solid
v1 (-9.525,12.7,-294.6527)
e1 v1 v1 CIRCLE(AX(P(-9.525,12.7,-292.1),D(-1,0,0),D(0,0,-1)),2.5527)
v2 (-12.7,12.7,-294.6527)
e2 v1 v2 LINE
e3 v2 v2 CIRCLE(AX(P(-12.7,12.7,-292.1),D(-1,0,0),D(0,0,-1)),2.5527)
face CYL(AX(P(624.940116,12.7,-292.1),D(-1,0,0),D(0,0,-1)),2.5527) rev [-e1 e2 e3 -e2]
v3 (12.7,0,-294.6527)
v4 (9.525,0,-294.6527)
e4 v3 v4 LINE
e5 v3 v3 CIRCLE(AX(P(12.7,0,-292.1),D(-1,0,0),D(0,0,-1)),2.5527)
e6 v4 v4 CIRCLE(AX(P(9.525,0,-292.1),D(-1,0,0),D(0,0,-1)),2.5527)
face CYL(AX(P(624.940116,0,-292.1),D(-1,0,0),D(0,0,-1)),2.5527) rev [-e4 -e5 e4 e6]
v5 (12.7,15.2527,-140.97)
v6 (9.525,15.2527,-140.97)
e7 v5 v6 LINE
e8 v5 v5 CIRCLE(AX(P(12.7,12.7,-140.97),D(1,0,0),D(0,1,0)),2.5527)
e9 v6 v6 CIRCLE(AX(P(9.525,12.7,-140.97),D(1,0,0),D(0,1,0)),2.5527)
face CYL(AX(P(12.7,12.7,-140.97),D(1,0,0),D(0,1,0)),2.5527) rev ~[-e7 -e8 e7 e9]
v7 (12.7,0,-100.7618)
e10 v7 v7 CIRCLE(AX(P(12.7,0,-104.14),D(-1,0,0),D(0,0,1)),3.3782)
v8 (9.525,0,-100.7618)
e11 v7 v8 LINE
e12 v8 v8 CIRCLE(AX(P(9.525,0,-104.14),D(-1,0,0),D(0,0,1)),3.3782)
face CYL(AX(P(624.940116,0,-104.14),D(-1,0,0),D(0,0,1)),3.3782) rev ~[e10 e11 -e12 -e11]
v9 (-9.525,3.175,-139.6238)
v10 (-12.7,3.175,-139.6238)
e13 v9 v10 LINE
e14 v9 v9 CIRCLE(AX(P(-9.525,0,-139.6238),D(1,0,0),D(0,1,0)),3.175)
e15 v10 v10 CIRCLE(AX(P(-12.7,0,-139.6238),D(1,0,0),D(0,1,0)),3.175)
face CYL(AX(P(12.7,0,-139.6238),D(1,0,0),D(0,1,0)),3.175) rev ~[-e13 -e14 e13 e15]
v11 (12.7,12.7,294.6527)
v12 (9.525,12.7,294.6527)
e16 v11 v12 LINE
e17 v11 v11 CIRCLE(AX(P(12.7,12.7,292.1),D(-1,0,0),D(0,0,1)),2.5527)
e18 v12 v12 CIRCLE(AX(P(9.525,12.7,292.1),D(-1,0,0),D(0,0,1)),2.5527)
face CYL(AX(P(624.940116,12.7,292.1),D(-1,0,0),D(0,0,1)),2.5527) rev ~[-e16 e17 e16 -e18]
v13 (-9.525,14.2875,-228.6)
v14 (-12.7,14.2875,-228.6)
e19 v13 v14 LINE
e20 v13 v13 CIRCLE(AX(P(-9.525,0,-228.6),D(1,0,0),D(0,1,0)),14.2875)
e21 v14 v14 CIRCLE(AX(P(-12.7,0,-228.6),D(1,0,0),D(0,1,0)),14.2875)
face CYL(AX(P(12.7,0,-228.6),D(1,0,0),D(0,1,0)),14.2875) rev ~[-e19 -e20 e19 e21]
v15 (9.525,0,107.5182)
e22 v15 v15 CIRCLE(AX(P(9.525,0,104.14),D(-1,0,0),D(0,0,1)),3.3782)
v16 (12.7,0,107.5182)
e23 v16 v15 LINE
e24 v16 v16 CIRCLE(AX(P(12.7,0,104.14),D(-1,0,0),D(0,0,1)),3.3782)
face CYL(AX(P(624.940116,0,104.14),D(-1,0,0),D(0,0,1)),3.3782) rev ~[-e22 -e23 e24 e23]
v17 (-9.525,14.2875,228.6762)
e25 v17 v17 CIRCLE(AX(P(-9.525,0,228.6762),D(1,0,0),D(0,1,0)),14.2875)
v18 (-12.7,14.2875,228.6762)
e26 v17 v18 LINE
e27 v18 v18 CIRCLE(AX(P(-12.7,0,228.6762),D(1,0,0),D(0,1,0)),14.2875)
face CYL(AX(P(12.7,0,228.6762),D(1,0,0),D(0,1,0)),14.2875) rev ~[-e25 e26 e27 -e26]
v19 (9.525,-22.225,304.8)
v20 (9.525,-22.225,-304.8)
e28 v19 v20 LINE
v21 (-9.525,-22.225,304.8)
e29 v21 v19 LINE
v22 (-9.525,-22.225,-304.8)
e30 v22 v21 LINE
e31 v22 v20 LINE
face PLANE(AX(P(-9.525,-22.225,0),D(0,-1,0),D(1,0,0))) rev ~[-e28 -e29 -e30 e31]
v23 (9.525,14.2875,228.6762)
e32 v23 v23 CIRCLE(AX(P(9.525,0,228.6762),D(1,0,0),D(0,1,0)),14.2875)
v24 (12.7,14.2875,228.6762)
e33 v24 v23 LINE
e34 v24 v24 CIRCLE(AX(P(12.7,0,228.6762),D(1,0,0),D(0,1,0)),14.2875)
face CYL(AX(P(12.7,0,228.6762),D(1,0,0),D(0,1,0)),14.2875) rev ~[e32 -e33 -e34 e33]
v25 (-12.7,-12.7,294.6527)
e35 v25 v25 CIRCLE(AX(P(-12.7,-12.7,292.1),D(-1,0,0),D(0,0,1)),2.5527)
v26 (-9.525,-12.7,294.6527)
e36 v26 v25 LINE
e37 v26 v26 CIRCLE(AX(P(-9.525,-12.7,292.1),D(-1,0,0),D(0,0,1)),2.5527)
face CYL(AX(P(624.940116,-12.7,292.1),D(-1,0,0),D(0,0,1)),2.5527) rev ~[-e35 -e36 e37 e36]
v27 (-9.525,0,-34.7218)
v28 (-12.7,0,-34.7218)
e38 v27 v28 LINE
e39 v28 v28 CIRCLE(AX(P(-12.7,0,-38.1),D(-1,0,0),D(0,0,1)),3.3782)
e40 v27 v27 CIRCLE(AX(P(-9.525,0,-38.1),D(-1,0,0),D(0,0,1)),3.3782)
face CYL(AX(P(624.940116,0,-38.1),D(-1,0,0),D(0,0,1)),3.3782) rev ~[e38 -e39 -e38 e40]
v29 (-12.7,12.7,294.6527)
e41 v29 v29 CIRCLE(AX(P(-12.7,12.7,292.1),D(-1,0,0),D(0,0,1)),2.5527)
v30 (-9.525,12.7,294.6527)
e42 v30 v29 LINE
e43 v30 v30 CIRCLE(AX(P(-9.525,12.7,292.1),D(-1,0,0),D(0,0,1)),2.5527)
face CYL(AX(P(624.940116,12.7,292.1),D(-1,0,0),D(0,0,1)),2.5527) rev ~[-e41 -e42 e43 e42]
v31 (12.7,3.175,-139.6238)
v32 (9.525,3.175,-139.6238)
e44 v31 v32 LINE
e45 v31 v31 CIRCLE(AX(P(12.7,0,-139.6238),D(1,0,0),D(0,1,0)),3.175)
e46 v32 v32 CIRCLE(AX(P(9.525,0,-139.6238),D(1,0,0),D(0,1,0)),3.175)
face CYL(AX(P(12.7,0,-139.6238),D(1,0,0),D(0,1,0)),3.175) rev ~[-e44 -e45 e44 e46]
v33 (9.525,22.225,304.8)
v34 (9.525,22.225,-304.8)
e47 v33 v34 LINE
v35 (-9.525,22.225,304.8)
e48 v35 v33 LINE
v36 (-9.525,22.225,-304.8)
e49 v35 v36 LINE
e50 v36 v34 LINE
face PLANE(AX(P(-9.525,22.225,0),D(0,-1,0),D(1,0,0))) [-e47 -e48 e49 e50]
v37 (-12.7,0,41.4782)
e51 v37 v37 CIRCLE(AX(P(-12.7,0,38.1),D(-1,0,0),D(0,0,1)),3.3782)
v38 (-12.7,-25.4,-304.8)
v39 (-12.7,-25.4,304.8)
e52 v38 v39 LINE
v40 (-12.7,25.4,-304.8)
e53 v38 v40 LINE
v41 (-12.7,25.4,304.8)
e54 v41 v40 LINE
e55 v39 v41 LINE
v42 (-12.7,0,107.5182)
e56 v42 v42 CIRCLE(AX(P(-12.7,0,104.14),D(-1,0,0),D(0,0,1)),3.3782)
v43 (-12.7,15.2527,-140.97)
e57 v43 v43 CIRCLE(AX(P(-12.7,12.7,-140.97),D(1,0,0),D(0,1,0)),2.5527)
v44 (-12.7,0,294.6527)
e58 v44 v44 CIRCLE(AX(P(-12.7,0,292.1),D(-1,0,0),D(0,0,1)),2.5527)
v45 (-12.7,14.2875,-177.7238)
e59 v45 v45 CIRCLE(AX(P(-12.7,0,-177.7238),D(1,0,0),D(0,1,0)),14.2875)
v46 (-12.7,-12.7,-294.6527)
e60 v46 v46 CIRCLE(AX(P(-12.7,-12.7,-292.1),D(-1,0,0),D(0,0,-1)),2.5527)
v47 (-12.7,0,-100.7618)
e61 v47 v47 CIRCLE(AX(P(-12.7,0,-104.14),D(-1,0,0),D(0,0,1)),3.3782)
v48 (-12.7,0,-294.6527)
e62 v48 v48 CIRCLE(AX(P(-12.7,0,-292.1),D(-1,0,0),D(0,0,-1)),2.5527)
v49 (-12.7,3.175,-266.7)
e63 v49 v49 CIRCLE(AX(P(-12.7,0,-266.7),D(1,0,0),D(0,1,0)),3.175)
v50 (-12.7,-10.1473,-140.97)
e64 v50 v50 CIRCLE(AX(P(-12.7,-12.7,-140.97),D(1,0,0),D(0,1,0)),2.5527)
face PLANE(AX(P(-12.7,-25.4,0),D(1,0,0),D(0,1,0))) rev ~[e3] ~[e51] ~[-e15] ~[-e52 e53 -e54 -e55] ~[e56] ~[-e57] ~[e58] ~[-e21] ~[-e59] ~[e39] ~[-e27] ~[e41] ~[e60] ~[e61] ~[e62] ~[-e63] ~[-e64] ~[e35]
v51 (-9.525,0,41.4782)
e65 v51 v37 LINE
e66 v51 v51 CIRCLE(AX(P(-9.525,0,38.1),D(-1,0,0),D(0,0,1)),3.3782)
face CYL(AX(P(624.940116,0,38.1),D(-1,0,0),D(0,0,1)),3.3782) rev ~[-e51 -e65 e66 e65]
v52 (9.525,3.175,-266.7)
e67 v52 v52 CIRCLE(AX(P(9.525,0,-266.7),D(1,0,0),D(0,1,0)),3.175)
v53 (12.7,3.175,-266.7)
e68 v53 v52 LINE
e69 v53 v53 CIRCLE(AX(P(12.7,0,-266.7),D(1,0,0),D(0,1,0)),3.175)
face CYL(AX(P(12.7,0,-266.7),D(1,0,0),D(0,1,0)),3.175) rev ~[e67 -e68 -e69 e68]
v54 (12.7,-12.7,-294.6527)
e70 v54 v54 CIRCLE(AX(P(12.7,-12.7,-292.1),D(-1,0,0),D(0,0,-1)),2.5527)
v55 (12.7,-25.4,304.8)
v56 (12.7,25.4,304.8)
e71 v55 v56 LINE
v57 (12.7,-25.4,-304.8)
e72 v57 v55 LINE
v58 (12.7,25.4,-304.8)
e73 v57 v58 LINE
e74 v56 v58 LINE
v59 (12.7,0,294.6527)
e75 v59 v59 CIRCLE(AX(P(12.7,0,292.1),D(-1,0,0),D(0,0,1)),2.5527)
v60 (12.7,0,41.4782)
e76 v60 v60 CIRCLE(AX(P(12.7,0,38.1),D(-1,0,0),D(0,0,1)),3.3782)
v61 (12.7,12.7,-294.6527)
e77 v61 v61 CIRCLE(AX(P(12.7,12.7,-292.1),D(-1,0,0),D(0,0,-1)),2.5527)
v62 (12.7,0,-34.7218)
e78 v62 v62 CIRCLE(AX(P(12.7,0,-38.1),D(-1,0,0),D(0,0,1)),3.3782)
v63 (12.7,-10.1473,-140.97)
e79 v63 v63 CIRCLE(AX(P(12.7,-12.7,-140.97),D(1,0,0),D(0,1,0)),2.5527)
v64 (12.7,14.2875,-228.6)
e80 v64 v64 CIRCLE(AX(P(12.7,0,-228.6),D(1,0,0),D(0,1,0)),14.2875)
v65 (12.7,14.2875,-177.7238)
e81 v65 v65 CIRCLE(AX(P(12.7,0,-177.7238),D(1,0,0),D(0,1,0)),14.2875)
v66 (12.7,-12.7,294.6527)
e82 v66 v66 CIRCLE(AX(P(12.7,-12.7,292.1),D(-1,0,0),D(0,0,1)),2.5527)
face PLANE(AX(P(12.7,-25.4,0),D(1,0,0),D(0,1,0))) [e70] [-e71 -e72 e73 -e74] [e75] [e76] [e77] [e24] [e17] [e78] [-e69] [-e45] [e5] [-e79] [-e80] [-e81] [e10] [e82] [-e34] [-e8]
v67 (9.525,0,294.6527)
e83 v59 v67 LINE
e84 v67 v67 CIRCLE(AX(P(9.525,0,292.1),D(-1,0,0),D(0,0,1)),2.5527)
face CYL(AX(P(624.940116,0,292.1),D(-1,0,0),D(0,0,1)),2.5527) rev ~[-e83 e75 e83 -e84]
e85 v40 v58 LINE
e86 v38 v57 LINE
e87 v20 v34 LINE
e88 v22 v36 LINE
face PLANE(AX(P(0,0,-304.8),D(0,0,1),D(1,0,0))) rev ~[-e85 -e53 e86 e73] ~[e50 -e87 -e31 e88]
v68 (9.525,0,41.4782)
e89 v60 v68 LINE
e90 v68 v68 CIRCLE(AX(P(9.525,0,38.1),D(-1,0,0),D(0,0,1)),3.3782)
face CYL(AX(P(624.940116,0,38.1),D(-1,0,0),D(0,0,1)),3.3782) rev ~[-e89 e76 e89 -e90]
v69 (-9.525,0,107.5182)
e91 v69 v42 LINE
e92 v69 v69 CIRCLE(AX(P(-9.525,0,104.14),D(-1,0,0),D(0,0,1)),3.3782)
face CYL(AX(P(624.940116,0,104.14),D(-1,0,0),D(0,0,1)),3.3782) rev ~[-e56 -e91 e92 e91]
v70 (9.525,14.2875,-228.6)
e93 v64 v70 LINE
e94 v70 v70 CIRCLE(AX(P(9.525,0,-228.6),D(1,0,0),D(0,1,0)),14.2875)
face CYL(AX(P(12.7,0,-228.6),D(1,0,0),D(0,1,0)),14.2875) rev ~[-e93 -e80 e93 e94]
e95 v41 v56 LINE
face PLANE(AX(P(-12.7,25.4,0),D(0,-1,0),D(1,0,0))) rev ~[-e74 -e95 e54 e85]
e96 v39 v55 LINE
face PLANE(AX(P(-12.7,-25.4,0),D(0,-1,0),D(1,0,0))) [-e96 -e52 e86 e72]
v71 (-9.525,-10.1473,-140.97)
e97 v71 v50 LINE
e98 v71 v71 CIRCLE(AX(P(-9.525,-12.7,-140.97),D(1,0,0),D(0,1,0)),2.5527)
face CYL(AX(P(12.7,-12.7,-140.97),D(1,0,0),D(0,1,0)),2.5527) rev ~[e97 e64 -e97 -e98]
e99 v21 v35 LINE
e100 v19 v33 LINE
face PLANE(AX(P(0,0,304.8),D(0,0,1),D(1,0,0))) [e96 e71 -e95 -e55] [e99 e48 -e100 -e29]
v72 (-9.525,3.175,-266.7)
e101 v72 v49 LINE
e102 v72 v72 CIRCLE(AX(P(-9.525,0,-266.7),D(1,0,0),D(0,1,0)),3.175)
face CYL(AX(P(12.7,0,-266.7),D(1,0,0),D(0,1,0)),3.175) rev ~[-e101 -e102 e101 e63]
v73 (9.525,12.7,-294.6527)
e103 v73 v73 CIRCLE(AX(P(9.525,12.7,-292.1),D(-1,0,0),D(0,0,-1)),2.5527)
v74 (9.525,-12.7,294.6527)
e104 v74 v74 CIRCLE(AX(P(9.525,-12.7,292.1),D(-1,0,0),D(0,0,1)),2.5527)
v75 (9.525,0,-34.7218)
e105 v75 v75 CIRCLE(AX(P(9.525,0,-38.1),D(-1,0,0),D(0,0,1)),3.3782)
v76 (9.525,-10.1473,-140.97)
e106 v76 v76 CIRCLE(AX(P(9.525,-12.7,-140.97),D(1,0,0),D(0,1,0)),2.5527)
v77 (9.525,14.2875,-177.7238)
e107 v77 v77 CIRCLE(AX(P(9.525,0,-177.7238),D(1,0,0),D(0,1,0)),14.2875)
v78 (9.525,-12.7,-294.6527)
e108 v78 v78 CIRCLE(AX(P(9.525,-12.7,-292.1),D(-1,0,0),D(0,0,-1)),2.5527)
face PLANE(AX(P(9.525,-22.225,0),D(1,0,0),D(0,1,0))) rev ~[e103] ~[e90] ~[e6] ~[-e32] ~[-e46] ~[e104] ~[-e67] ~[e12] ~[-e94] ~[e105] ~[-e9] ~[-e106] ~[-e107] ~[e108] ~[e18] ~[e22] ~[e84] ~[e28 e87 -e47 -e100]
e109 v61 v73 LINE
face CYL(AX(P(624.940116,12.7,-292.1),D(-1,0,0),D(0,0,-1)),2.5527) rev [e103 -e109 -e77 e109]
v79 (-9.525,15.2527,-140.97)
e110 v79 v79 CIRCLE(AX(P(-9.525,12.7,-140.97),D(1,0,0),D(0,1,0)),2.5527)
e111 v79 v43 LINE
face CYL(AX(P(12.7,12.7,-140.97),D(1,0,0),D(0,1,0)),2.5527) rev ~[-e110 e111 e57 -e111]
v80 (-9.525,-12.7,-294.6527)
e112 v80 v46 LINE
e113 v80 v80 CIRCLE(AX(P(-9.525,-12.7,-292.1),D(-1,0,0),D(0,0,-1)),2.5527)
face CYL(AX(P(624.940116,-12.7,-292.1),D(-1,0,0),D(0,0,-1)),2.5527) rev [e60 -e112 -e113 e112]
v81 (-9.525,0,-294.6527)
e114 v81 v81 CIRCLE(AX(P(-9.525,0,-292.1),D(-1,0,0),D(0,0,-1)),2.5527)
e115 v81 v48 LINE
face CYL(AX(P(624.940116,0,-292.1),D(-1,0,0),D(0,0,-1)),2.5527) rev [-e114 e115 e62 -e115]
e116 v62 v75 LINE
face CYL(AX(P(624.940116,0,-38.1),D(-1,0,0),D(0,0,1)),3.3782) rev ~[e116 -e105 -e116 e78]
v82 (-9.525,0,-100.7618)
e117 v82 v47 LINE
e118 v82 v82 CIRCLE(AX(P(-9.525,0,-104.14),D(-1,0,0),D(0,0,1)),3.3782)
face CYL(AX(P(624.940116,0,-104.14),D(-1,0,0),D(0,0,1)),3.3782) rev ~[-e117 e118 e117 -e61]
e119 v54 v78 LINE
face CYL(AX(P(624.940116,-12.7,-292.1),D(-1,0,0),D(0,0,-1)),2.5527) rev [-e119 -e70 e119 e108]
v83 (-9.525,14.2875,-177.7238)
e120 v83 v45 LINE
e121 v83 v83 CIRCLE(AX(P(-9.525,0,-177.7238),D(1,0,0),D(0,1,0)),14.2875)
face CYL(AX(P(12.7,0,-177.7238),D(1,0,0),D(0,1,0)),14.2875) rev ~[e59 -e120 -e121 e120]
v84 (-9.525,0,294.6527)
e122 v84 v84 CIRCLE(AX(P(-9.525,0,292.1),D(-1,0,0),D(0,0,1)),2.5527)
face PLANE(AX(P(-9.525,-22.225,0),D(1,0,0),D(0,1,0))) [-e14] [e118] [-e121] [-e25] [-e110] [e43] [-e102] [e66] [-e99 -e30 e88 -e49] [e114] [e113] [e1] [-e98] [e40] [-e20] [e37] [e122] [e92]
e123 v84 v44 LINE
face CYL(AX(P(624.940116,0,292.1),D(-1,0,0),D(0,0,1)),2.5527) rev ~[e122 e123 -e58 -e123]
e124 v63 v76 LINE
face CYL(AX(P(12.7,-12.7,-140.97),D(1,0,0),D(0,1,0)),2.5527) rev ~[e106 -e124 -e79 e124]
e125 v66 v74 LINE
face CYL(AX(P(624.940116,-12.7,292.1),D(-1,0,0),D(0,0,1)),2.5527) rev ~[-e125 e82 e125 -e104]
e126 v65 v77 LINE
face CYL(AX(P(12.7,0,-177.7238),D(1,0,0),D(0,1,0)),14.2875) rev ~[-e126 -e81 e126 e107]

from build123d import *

# Parameters (mm, degrees)
SKETCH1_W               = 25.4
SKETCH1_H               = 50.8
SKETCH1_W_2             = 19.05
SKETCH1_H_2             = 44.45
BOSS_EXTRUDE1_DEPTH     = 304.8
F_10_CLEARANCE_HOLE1_D  = 5.1054
F_1_4_CLEARANCE_HOLE2_D = 6.7564
SKETCH7_R               = 14.2875
SKETCH7_R_2             = 3.175
CUT_EXTRUDE1_DEPTH      = 307.909367729
SKETCH8_R               = 2.5527
CUT_EXTRUDE2_DEPTH      = 307.909367729


with BuildPart() as part:
    # Sketch1 → Boss-Extrude1 (new, symmetric)
    with BuildSketch(Plane.XY):
        Rectangle(SKETCH1_W, SKETCH1_H)
        Rectangle(SKETCH1_W_2, SKETCH1_H_2, mode=Mode.SUBTRACT)
    extrude(amount=BOSS_EXTRUDE1_DEPTH, both=True)

    # #10 Clearance Hole1 (through all)
    with Locations(Plane(origin=(12.7, 0, 0), x_dir=(0, 0, -1), z_dir=(1, 0, 0))):
        with Locations((-292.1, 12.7), (-292.1, 0), (-292.1, -12.7)):
            f_10_clearance_hole1 = Hole(F_10_CLEARANCE_HOLE1_D / 2)

    # Mirror1: #10 Clearance Hole1 across plane
    add(f_10_clearance_hole1.mirror(Plane.XY), mode=Mode.SUBTRACT)

    # 1/4 Clearance Hole2 (through all)
    with Locations(Plane(origin=(12.7, 0, 0), x_dir=(0, 0, -1), z_dir=(1, 0, 0))):
        with Locations((-38.1, 0), (38.1, 0), (-104.14, 0), (104.14, 0)):
            Hole(F_1_4_CLEARANCE_HOLE2_D / 2)

    # Sketch7 → Cut-Extrude1 (cut, through all)
    with BuildSketch(Plane(origin=(12.7, 0, 0), x_dir=(0, 0, -1), z_dir=(1, 0, 0))):
        with Locations(Location((-228.6762, 0, 0), (0, 0, 90))):
            Circle(SKETCH7_R)
        with Locations(Location((177.7238, 0, 0), (0, 0, 90))):
            Circle(SKETCH7_R)
        with Locations(Location((228.6, 0, 0), (0, 0, 90))):
            Circle(SKETCH7_R)
        with Locations(Location((139.6238, 0, 0), (0, 0, 90))):
            Circle(SKETCH7_R_2)
        with Locations(Location((266.7, 0, 0), (0, 0, 90))):
            Circle(SKETCH7_R_2)
    extrude(amount=-CUT_EXTRUDE1_DEPTH, mode=Mode.SUBTRACT)

    # Sketch8 → Cut-Extrude2 (cut, through all)
    with BuildSketch(Plane(origin=(12.7, 0, 0), x_dir=(0, 0, -1), z_dir=(1, 0, 0))):
        with Locations(Location((140.97, 12.7, 0), (0, 0, 90))):
            Circle(SKETCH8_R)
        with Locations(Location((140.97, -12.7, 0), (0, 0, 90))):
            Circle(SKETCH8_R)
    extrude(amount=-CUT_EXTRUDE2_DEPTH, mode=Mode.SUBTRACT)


solid = part.part
